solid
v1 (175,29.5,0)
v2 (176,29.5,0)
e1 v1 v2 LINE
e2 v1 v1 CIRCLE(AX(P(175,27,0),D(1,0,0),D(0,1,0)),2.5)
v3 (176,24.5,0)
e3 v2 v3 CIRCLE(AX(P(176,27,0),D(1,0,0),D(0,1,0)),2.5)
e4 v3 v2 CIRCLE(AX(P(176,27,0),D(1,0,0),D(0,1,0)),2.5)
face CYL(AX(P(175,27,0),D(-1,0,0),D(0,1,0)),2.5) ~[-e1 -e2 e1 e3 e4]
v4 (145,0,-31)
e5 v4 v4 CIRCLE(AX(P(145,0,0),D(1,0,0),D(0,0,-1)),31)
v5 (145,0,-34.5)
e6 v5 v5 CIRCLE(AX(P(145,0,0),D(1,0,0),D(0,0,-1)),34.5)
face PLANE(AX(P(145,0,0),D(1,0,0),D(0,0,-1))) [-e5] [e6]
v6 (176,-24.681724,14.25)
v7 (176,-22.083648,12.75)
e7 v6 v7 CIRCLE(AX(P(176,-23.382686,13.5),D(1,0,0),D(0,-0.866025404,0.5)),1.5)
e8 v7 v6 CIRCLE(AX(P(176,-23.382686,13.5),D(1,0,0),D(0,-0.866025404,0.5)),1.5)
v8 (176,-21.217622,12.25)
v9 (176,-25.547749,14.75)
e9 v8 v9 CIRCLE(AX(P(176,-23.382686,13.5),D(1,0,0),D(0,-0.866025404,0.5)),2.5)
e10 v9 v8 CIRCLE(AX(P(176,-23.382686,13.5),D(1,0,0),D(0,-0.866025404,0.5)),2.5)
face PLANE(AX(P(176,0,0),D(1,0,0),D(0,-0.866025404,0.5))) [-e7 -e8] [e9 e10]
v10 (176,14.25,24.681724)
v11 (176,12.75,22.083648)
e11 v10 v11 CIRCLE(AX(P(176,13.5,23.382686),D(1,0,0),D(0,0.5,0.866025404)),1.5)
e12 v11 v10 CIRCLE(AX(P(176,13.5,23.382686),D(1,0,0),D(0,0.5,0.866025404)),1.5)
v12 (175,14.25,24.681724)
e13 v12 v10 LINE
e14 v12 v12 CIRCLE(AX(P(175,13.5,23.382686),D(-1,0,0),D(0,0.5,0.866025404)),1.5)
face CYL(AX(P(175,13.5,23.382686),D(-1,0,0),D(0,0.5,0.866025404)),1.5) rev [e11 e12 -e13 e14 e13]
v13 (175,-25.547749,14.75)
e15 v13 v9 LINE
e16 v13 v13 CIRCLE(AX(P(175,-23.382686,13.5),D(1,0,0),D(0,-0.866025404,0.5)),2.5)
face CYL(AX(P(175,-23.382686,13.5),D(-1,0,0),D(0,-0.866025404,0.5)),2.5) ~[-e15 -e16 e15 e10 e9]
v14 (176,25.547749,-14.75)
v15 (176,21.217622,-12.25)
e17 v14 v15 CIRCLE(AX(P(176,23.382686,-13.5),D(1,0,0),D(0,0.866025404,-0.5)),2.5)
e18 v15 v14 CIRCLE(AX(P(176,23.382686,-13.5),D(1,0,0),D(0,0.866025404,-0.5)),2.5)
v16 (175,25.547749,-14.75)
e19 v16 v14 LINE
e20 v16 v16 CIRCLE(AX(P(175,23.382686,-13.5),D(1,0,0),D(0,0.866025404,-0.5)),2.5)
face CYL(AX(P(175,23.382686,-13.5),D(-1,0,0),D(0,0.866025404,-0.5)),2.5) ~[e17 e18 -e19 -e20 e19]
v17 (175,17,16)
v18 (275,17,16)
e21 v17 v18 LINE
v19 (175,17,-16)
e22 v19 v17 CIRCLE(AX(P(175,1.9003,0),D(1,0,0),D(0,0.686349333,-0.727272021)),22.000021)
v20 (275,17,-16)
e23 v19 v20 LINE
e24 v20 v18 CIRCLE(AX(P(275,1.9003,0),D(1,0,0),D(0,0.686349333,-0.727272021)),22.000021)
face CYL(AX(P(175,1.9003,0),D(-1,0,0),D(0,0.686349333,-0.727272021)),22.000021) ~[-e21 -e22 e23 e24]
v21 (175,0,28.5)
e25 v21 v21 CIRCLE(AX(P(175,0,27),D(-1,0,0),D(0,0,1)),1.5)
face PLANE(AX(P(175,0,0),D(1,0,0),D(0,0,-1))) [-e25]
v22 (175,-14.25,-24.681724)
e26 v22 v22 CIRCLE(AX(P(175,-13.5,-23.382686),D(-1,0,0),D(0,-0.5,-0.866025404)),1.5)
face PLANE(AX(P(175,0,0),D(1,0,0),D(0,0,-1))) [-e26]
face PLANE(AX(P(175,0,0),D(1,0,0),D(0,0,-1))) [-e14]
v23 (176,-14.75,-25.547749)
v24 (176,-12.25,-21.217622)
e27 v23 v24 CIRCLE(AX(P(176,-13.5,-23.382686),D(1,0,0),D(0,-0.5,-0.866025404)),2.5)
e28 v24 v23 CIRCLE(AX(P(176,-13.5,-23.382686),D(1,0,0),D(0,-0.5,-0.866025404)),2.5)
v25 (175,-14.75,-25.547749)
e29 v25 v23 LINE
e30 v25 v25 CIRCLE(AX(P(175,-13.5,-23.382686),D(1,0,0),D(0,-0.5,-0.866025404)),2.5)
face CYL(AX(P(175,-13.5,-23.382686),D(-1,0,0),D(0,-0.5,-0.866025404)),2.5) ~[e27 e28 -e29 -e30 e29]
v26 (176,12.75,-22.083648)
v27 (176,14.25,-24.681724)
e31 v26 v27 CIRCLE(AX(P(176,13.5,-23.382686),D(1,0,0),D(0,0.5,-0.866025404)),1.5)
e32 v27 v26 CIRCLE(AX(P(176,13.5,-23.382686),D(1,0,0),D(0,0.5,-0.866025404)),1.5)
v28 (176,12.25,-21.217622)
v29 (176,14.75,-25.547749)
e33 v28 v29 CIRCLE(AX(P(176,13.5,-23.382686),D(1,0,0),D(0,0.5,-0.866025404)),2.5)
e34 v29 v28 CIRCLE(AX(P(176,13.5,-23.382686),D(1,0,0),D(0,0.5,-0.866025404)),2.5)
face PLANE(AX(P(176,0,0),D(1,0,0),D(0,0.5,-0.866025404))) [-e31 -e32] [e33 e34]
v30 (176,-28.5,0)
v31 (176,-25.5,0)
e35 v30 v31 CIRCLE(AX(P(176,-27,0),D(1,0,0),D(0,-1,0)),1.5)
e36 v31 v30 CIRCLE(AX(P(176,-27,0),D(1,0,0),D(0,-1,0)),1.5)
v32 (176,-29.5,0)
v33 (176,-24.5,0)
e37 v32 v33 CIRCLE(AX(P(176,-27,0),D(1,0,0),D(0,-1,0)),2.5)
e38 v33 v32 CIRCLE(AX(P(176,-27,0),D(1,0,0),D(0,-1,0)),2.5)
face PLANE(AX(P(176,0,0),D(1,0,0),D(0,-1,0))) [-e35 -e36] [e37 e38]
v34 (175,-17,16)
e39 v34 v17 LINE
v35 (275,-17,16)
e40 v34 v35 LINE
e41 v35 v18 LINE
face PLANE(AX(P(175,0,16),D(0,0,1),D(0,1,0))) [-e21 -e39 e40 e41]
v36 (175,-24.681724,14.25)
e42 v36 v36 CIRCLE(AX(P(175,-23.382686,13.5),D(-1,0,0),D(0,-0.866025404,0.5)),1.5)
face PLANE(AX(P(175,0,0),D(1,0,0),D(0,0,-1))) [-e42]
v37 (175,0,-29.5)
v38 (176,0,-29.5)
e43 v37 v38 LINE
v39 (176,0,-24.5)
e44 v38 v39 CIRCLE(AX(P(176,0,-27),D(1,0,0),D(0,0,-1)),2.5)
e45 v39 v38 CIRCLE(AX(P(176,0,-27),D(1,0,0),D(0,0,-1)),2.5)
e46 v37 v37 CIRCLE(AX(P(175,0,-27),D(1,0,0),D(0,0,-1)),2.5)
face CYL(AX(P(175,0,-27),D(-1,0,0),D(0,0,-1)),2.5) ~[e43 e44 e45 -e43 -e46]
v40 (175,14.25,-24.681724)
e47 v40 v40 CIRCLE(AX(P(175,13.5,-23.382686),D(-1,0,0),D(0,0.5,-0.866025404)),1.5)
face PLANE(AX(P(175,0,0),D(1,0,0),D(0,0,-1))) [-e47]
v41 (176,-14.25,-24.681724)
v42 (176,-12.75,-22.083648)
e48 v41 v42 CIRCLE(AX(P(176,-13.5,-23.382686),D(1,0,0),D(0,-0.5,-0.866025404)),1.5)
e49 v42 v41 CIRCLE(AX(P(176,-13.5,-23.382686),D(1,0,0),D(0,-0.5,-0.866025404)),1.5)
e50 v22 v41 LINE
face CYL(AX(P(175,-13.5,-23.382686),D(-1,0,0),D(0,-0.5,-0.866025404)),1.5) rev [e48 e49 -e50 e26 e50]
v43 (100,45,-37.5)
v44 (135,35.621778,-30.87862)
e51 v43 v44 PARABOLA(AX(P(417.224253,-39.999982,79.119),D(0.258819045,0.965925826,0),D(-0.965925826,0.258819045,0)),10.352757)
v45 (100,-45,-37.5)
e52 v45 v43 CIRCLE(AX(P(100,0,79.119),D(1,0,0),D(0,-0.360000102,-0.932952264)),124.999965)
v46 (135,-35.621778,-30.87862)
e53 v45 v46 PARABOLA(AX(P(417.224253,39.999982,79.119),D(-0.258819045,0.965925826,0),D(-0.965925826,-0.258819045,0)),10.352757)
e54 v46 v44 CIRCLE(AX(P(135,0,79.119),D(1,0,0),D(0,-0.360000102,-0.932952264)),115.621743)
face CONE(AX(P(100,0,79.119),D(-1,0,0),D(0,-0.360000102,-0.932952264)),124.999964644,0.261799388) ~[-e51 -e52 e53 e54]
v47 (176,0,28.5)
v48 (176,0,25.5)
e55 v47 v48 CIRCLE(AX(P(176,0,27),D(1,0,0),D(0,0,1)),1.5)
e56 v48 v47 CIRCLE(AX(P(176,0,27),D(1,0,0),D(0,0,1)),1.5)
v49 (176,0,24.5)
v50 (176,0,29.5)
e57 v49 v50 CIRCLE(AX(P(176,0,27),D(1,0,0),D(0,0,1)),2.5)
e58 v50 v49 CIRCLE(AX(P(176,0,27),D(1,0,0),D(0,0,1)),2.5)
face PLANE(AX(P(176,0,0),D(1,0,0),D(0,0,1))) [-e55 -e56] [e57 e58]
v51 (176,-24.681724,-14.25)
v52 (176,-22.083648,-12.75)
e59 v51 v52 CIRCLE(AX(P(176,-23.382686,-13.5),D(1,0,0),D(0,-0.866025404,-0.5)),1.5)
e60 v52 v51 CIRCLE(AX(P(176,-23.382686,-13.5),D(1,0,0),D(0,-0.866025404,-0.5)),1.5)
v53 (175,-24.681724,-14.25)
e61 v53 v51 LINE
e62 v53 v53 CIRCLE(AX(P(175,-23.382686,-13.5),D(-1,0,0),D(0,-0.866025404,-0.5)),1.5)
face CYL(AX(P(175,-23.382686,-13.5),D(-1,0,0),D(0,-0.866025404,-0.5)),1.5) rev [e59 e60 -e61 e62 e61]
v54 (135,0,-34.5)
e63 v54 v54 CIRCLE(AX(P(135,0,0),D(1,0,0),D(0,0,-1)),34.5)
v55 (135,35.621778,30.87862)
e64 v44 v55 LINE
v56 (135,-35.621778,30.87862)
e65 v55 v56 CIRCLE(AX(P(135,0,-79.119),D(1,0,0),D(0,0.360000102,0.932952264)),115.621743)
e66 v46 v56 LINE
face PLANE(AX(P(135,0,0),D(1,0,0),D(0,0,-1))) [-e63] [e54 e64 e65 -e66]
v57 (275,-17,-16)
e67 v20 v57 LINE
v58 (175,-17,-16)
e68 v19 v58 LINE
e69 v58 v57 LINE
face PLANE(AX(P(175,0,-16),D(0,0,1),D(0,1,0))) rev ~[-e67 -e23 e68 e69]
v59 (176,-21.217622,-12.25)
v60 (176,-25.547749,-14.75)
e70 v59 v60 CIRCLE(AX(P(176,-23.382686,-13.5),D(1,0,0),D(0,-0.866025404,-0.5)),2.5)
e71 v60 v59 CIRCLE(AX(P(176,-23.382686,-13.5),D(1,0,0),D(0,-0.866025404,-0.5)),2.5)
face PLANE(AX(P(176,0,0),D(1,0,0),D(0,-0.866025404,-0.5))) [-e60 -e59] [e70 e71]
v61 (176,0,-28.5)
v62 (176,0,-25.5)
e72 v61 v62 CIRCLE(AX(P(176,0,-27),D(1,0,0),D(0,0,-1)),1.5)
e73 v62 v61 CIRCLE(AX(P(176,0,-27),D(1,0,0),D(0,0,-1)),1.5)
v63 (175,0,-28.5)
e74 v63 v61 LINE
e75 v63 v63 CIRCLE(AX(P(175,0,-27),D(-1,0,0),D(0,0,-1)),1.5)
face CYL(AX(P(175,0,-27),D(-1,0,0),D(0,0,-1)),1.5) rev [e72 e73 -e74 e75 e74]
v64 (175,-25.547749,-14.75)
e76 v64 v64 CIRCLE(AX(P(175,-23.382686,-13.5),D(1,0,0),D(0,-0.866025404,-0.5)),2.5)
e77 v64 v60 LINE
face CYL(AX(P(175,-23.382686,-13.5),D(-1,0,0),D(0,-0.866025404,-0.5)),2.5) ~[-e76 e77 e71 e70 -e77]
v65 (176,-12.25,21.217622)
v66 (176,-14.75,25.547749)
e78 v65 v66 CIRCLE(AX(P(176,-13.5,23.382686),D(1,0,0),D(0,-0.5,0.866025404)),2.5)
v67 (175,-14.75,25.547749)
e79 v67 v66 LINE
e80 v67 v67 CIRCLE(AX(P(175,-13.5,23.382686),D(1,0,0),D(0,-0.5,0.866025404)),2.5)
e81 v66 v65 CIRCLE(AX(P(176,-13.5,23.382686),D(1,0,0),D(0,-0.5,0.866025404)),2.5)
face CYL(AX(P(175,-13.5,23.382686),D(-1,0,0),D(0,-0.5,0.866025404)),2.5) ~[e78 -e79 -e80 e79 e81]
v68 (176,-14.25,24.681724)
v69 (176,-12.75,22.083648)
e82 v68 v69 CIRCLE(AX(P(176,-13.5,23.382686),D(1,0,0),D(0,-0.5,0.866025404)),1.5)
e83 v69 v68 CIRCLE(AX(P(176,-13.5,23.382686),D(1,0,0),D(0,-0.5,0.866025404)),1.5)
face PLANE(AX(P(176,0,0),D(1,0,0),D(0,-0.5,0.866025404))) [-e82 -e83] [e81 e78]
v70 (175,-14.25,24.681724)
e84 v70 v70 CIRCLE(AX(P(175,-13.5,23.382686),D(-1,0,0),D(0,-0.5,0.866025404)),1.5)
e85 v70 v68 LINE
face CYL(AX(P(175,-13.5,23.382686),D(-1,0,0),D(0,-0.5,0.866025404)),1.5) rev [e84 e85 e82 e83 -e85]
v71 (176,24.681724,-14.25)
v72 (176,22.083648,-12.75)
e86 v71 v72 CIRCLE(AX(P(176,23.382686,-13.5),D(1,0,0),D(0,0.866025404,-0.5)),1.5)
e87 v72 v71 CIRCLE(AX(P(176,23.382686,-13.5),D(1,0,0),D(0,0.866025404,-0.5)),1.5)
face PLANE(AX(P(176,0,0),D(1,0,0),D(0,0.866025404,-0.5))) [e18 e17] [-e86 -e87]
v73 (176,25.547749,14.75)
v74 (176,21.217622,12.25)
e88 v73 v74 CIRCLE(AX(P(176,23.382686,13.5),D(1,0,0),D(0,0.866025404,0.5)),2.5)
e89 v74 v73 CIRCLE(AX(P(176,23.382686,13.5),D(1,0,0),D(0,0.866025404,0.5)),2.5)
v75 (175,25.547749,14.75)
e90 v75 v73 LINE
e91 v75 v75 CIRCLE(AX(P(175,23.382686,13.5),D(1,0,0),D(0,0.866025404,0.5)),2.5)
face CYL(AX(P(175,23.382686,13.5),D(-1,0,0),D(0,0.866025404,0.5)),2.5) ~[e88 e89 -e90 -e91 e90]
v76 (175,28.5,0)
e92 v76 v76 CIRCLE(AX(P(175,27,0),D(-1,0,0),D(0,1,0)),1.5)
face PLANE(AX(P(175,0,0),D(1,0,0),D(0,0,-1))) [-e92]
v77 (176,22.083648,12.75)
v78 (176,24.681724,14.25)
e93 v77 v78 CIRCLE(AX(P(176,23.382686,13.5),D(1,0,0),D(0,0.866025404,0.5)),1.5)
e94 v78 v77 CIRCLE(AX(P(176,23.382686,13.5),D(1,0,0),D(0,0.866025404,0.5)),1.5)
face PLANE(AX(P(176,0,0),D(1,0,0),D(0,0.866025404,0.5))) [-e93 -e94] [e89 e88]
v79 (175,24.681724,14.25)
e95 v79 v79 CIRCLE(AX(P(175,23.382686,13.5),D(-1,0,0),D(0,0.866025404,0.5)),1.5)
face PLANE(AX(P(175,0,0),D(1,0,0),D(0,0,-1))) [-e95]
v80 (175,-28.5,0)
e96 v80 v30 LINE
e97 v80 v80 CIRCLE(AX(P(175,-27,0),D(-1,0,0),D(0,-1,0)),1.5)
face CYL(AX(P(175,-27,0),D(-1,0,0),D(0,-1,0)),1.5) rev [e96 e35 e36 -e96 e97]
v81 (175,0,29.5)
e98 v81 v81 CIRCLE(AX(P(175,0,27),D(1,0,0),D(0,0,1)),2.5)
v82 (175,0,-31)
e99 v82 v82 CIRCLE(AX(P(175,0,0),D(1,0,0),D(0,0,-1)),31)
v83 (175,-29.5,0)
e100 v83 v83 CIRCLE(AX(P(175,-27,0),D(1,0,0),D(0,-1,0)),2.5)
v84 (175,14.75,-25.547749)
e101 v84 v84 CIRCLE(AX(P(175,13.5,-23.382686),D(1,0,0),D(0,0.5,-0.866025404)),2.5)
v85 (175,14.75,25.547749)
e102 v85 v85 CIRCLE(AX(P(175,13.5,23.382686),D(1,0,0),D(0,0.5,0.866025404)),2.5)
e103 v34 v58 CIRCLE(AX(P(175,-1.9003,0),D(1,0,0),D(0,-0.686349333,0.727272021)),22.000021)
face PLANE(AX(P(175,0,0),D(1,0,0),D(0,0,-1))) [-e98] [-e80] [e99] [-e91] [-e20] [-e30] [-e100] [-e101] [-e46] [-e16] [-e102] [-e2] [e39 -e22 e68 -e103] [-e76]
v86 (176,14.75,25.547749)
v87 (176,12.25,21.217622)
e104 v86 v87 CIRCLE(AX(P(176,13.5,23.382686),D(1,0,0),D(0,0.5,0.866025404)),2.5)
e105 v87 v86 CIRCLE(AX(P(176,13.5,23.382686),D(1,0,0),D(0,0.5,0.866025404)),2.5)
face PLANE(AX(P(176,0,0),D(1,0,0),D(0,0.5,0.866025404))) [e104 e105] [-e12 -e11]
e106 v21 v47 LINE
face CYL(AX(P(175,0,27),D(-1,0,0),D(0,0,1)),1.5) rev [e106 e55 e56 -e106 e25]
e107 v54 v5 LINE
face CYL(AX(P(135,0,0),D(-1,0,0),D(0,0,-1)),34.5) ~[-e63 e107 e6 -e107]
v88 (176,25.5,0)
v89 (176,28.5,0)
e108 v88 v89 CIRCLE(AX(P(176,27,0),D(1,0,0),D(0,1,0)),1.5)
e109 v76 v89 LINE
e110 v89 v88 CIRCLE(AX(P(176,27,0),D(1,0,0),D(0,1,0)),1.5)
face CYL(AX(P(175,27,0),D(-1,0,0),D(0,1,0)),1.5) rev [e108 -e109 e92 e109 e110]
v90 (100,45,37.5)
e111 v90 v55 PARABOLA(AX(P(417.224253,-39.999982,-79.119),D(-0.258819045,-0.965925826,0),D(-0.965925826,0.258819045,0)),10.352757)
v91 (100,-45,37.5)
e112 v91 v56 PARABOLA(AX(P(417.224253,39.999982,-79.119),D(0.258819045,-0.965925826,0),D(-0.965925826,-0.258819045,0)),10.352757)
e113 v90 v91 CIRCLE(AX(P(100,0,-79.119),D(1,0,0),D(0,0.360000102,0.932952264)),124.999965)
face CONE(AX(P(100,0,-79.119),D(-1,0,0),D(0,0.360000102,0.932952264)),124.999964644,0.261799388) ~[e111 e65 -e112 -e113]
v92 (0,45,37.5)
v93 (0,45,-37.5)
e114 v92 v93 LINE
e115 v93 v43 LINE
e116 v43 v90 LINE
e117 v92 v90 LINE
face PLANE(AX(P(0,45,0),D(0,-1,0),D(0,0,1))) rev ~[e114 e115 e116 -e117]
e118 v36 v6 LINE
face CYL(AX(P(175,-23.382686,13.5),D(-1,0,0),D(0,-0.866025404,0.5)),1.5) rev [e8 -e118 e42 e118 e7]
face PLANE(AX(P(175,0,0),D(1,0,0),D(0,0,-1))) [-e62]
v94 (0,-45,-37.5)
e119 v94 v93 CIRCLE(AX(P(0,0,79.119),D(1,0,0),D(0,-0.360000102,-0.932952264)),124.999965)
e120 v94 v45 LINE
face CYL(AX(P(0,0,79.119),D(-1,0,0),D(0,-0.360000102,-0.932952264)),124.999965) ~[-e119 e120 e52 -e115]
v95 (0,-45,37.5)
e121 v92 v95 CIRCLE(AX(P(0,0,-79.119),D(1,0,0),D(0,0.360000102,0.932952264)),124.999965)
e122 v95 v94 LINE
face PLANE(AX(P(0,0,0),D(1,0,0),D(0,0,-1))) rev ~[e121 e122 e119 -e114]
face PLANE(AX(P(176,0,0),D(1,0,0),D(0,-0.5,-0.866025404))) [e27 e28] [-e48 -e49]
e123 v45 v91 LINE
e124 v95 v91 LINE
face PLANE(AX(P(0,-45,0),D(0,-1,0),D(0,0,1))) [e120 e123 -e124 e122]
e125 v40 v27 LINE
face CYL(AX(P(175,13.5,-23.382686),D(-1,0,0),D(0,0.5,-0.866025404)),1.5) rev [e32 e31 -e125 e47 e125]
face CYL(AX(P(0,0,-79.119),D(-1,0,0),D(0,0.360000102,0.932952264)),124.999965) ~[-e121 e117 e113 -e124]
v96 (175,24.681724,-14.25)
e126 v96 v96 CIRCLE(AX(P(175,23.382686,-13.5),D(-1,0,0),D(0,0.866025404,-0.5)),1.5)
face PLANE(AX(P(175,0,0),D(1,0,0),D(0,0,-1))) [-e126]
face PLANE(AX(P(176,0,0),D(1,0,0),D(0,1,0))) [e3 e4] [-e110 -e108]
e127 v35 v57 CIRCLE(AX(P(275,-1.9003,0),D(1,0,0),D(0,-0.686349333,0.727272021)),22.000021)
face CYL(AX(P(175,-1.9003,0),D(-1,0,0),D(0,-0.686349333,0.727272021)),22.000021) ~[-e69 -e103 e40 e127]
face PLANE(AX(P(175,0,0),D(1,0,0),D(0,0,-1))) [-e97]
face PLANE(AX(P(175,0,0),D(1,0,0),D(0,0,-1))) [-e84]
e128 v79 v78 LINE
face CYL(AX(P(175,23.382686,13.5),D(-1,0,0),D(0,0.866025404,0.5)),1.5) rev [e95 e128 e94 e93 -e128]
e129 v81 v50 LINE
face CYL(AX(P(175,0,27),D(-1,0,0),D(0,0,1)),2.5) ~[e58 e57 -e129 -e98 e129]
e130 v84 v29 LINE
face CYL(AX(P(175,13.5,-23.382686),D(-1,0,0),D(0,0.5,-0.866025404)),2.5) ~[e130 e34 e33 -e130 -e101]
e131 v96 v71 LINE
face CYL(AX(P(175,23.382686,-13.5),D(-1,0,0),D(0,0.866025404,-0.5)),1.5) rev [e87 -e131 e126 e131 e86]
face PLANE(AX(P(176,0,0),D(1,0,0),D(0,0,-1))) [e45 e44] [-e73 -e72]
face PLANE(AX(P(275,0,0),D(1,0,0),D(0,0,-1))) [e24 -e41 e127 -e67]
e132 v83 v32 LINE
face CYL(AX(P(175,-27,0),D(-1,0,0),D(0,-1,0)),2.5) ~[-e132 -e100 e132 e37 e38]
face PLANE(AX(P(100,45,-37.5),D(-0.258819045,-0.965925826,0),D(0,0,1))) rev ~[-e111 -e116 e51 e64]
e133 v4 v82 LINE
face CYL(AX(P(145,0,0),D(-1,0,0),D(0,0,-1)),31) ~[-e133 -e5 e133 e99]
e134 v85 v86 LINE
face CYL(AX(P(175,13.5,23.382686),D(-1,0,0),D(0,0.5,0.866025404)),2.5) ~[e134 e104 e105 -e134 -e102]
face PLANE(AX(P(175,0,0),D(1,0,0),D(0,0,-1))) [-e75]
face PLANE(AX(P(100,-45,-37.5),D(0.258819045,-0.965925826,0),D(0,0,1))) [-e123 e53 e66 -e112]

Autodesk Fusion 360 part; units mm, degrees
sketch "Sketch1" plane through (0, 0, 0) normal (1, 0, 0) x (0, 0, -1)
  line L0 (0, 0) -> (0, 45)
  line L1 (0, 0) -> (0, -45)
  line L2 (0, 45) -> (37.5, 45)
  line L3 (0, 45) -> (-37.5, 45)
  line L4 (0, -45) -> (37.5, -45)
  line L5 (0, -45) -> (-37.5, -45)
  arc A0 (-37.5, 45) -> (-37.5, -45) centre (79.119, 0) ccw
  arc A1 (37.5, -45) -> (37.5, 45) centre (-79.119, 0) ccw
  dimension "d1" = 45
  dimension "d2" = 45
  dimension "d3" = 37.5
  dimension "d4" = 37.5
  dimension "d5" = 37.5
  dimension "d6" = 37.5
  dimension "d8" = 125
extrude "Extrude1" add sketch "Sketch1" along normal blind 100
extrude "Extrude2" add 1 faces at (100, -15.2642, -14.2806) along direction (1, 0, 0) blind 35 draft -15
sketch "Sketch2" plane through (135, 0, 0) normal (1, 0, 0) x (0, 0, -1)
  line L0 (-30.8786, -35.6218) -> (30.8786, -35.6218)
  arc A0 (30.8786, -35.6218) -> (30.8786, 35.6218) centre (-79.119, 0) ccw
  line L1 (30.8786, 35.6218) -> (-30.8786, 35.6218)
  arc A1 (-30.8786, 35.6218) -> (-30.8786, -35.6218) centre (79.119, 0) ccw
  circle A2 centre (0, 0) radius 34.5
  dimension "d13" = 69
extrude "Extrude3" add sketch "Sketch2" along normal blind 10 contours A2
sketch "Sketch3" plane through (145, 0, 0) normal (1, 0, 0) x (0, 0, -1)
  circle A0 centre (0, 0) radius 34.5
  circle A1 centre (0, 0) radius 31
  dimension "d16" = 62
extrude "Extrude4" add sketch "Sketch3" along normal blind 30 contours A1
sketch "Sketch4" plane through (175, 0, 0) normal (1, 0, 0) x (0, 0, -1)
  circle A0 centre (0, 0) radius 31
  line L0 (0, 0) -> (27, 0)
  circle A1 centre (27, 0) radius 2.5
  circle A2 centre (27, 0) radius 1.5
  dimension "d19" = 27
  dimension "d20" = 5
  dimension "d21" = -1
extrude "Extrude5" add sketch "Sketch4" along normal blind 1 contours A1
pattern_circular "C-Pattern1" count 12 over 360 about axis through (175, 0, 0) along (1, 0, 0) of "Extrude5"
sketch "Sketch5" plane through (175, 0, 0) normal (1, 0, 0) x (0, 0, -1)
  circle A0 centre (27, 0) radius 2.5
  circle A1 centre (0, 0) radius 31
  circle A2 centre (23.3827, 13.5) radius 2.5
  circle A3 centre (13.5, 23.3827) radius 2.5
  circle A4 centre (0, 27) radius 2.5
  circle A5 centre (-13.5, 23.3827) radius 2.5
  circle A6 centre (-23.3827, 13.5) radius 2.5
  circle A7 centre (-27, 0) radius 2.5
  circle A8 centre (-23.3827, -13.5) radius 2.5
  circle A9 centre (-13.5, -23.3827) radius 2.5
  circle A10 centre (0, -27) radius 2.5
  circle A11 centre (13.5, -23.3827) radius 2.5
  circle A12 centre (23.3827, -13.5) radius 2.5
  line L0 (0, 0) -> (16, 0)
  line L1 (16, 0) -> (16, 17)
  line L2 (16, 0) -> (16, -17)
  line L3 (0, 0) -> (0, -8.0593)
  line L4 (-16, 0) -> (-16, 17)
  line L5 (-16, 0) -> (-16, -17)
  arc A13 (16, 17) -> (-16, 17) centre (0, 1.9003) ccw
  arc A14 (-16, -17) -> (16, -17) centre (0, -1.9003) ccw
  dimension "d26" = 16
  dimension "d27" = 17
  dimension "d28" = 17
  dimension "d29" = 22
extrude "Extrude6" add sketch "Sketch5" along normal blind 100 contours L1 L2 L4 L5 A13 A14
